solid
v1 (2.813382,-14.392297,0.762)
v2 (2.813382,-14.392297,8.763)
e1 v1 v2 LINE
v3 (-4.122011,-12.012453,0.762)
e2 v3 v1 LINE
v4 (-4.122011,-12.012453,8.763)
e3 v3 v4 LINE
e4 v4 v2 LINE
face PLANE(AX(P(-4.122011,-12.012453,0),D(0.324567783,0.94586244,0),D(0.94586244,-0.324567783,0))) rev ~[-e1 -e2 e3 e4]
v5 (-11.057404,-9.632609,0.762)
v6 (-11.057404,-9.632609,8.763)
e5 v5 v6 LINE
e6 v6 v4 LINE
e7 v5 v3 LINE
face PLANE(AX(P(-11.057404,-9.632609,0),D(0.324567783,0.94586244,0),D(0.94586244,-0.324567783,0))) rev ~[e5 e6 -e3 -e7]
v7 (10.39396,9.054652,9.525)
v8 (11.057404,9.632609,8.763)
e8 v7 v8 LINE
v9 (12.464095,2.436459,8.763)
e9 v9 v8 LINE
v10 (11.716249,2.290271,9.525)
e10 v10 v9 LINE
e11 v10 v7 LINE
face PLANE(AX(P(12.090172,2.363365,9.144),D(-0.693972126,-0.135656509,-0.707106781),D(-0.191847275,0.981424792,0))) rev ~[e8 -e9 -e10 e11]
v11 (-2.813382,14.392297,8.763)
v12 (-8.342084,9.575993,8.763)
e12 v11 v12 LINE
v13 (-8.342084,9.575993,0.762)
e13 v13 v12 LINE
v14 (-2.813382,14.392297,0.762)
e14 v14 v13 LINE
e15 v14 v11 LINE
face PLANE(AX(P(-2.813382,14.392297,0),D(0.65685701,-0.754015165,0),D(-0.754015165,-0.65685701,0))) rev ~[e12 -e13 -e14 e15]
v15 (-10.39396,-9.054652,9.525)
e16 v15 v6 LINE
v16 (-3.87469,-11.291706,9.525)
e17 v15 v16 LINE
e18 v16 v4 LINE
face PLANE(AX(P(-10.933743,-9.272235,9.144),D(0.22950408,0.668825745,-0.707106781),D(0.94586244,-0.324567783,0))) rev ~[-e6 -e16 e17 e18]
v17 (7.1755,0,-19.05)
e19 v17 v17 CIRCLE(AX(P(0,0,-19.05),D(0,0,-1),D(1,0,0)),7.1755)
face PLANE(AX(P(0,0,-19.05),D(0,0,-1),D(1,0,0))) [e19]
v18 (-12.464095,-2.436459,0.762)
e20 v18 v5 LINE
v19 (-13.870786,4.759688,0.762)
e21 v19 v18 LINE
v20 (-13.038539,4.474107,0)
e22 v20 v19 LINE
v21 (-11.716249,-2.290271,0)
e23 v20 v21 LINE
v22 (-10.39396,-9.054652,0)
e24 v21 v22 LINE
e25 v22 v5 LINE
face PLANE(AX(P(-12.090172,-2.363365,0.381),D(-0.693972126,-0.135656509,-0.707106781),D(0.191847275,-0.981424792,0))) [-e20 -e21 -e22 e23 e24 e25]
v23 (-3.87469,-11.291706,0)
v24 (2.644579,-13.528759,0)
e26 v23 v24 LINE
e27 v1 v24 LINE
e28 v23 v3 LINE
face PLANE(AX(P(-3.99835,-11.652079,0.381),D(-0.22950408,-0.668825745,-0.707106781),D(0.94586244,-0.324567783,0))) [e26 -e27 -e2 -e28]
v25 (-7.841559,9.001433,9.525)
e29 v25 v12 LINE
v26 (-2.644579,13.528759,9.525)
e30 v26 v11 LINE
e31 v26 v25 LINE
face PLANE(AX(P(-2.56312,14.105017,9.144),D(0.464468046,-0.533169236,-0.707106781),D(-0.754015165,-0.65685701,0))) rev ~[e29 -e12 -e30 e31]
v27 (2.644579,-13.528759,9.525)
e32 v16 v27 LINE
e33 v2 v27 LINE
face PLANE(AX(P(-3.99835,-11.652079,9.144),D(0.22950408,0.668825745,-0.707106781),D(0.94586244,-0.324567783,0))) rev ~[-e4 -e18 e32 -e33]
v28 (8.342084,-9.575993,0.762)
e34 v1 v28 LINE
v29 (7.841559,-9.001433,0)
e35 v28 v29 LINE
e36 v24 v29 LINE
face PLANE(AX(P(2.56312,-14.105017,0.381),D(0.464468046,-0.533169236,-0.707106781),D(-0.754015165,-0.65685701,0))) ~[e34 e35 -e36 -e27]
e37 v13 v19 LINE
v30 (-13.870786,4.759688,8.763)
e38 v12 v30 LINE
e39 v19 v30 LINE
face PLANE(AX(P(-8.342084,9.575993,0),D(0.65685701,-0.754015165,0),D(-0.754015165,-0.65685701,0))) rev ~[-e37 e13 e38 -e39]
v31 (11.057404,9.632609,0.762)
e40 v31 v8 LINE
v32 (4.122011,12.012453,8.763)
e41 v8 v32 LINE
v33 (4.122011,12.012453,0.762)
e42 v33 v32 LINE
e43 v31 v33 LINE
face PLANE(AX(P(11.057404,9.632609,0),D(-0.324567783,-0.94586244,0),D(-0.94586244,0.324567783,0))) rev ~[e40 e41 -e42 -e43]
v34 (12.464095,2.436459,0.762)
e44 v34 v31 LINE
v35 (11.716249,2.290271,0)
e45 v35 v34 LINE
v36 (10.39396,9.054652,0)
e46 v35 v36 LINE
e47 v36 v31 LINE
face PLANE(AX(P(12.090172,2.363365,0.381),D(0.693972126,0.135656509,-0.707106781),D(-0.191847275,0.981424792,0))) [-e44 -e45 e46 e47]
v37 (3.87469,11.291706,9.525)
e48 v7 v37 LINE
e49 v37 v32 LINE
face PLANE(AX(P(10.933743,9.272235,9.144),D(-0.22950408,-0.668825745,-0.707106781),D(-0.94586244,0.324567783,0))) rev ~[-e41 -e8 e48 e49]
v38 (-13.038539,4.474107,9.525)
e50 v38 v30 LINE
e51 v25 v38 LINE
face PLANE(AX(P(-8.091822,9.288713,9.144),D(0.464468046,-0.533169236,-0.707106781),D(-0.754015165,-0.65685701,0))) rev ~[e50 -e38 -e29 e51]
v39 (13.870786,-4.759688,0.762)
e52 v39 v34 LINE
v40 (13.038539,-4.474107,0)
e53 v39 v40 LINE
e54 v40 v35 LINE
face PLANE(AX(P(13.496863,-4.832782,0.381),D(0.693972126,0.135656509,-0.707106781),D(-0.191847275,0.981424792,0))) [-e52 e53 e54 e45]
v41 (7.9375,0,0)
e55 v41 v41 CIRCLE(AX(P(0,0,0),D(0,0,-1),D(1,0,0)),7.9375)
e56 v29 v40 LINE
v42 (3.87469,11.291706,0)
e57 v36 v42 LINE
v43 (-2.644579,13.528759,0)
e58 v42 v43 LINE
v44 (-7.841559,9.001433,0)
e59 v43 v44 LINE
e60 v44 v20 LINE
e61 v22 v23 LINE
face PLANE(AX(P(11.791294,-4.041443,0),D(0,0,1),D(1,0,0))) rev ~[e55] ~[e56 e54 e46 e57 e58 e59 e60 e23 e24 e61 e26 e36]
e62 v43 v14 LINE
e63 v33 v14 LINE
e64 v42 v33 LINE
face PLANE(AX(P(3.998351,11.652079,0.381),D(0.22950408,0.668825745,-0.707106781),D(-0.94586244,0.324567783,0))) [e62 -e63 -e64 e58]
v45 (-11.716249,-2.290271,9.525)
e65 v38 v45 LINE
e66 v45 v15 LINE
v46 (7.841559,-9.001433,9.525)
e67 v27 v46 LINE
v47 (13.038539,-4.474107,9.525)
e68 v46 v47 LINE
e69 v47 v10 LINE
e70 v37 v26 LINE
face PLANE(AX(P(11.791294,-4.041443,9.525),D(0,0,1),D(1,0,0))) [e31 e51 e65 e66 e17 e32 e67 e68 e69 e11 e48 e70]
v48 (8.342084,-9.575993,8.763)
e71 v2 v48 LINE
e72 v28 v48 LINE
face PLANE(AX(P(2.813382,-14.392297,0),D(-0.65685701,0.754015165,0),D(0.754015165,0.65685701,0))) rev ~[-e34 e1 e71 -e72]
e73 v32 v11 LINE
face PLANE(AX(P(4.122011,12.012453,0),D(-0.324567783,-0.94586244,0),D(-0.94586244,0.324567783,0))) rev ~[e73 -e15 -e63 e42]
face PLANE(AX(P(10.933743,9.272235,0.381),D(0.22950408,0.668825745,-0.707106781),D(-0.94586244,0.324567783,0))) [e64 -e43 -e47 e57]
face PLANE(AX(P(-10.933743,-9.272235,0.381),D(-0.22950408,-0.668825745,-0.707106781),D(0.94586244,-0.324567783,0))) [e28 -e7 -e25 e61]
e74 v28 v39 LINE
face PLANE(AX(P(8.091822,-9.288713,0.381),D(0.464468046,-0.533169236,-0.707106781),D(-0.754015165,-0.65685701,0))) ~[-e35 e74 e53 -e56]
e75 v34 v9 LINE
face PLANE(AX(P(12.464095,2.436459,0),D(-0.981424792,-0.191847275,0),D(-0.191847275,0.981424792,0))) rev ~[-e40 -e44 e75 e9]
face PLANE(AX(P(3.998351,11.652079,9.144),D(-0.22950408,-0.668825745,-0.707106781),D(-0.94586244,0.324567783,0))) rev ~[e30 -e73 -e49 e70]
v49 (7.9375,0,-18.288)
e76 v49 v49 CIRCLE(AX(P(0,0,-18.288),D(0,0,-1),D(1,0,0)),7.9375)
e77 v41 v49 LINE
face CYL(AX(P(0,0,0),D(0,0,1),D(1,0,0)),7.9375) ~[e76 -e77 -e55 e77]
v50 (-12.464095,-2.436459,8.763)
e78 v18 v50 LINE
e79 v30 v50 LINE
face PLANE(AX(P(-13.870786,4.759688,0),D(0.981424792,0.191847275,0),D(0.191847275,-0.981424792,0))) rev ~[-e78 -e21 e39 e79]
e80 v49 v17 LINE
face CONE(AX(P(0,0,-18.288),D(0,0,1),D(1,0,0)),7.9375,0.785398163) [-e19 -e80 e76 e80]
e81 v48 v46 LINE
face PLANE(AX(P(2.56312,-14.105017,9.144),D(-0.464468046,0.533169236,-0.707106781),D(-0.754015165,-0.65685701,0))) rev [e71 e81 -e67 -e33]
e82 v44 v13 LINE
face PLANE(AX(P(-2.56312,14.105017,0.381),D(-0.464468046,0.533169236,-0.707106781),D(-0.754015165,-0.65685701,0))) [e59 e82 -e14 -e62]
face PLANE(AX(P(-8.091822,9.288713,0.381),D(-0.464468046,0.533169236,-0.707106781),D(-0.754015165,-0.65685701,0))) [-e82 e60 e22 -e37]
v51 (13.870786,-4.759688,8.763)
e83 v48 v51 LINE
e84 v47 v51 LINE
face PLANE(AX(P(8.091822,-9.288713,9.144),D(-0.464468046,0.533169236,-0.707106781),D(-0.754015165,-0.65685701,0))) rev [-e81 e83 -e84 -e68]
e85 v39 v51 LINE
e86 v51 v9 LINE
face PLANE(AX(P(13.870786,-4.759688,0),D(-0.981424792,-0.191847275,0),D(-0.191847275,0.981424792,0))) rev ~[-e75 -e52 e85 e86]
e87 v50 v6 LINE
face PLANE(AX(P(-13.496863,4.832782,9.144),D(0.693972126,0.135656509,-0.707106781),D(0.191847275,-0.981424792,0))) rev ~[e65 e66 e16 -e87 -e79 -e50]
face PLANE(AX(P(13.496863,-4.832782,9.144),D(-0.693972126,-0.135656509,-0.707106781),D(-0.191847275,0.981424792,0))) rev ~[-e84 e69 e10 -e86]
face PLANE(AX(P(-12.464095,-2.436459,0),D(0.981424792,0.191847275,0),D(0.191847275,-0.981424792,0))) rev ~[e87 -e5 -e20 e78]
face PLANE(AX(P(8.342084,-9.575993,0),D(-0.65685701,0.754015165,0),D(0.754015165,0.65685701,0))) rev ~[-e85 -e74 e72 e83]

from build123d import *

# Parameters (mm, degrees)
F1_DEPTH = 9.525
F2_R     = 7.9375
F3_DEPTH = 19.05
F4_SIZE2 = 0.762
F4_SIZE  = 0.762


with BuildPart() as f1:
    # F0 (on Top) → F1 (new body)
    with BuildSketch(Plane.XY):
        with BuildLine():
            ThreePointArc((12.4640951626, 2.4364588605), (12.6408862143, 1.2239263531), (12.7, 0))
            ThreePointArc((12.7, 0), (11.559292099, -5.2604910579), (8.3420840677, -9.5759925547))
            Line((8.3420840677, -9.5759925547), (13.8707859253, -4.7596881355))
            Line((13.8707859253, -4.7596881355), (12.4640951626, 2.4364588605))
        make_face()
        with BuildLine():
            Line((2.8133821232, -14.3922970495), (8.3420840677, -9.5759925547))
            ThreePointArc((8.3420840677, -9.5759925547), (2.4364604633, -12.4640948492), (-4.1220107511, -12.0124530121))
            Line((-4.1220107511, -12.0124530121), (2.8133821232, -14.3922970495))
        make_face()
        with BuildLine():
            ThreePointArc((4.1220108652, 12.0124529729), (9.5759931131, 8.3420834267), (12.4640951626, 2.4364588605))
            Line((12.4640951626, 2.4364588605), (11.0574038021, 9.632608914))
            Line((11.0574038021, 9.632608914), (4.1220108652, 12.0124529729))
        make_face()
        with BuildLine():
            ThreePointArc((-12.4640951419, -2.4364589661), (-12.0124527553, 4.1220114996), (-8.3420840651, 9.5759925569))
            Line((-8.3420840651, 9.5759925569), (-13.8707859253, 4.7596881355))
            Line((-13.8707859253, 4.7596881355), (-12.4640951419, -2.4364589661))
        make_face()
        with BuildLine():
            Line((-11.0574038021, -9.632608914), (-4.1220107511, -12.0124530121))
            ThreePointArc((-4.1220107511, -12.0124530121), (-9.5759930381, -8.3420835128), (-12.4640951419, -2.4364589661))
            Line((-12.4640951419, -2.4364589661), (-11.0574038021, -9.632608914))
        make_face()
        with BuildLine():
            ThreePointArc((-8.3420840651, 9.5759925569), (-2.4364604025, 12.4640948611), (4.1220108652, 12.0124529729))
            Line((4.1220108652, 12.0124529729), (-2.8133821232, 14.3922970495))
            Line((-2.8133821232, 14.3922970495), (-8.3420840651, 9.5759925569))
        make_face()
        with BuildLine():
            ThreePointArc((8.3420840677, -9.5759925547), (11.559292099, -5.2604910579), (12.7, 0))
            ThreePointArc((12.7, 0), (12.6408862143, 1.2239263531), (12.4640951626, 2.4364588605))
            ThreePointArc((12.4640951626, 2.4364588605), (9.5759931131, 8.3420834267), (4.1220108652, 12.0124529729))
            ThreePointArc((4.1220108652, 12.0124529729), (-2.4364604025, 12.4640948611), (-8.3420840651, 9.5759925569))
            ThreePointArc((-8.3420840651, 9.5759925569), (-12.0124527553, 4.1220114996), (-12.4640951419, -2.4364589661))
            ThreePointArc((-12.4640951419, -2.4364589661), (-9.5759930381, -8.3420835128), (-4.1220107511, -12.0124530121))
            ThreePointArc((-4.1220107511, -12.0124530121), (2.4364604633, -12.4640948492), (8.3420840677, -9.5759925547))
        make_face()
    extrude(amount=F1_DEPTH)

    # F2 (on face) → F3 (join)
    with BuildSketch(Plane(origin=(0, 0, 0), x_dir=(1, 0, 0), z_dir=(0, 0, -1))):
        Circle(F2_R)
    extrude(amount=F3_DEPTH)

    # F4
    f4_edges = [f1.edges().sort_by_distance(p)[0] for p in [
        (4.122011, 12.012453, 9.525),
        (12.464095, 2.43646, 9.525),
        (8.342084, -9.575993, 9.525),
        (-12.464095, -2.43646, 9.525),
        (-4.122011, -12.012453, 9.525),
        (-8.342084, 9.575993, 9.525),
        (-7.9375, 0, -19.05),
        (8.342084, -9.575993, 0),
        (12.464095, 2.43646, 0),
        (4.122011, 12.012453, 0),
        (-8.342084, 9.575993, 0),
        (-12.464095, -2.43646, 0),
        (-4.122011, -12.012453, 0),
    ]]
    chamfer(f4_edges, length=F4_SIZE, length2=F4_SIZE2)


solid = f1.part
